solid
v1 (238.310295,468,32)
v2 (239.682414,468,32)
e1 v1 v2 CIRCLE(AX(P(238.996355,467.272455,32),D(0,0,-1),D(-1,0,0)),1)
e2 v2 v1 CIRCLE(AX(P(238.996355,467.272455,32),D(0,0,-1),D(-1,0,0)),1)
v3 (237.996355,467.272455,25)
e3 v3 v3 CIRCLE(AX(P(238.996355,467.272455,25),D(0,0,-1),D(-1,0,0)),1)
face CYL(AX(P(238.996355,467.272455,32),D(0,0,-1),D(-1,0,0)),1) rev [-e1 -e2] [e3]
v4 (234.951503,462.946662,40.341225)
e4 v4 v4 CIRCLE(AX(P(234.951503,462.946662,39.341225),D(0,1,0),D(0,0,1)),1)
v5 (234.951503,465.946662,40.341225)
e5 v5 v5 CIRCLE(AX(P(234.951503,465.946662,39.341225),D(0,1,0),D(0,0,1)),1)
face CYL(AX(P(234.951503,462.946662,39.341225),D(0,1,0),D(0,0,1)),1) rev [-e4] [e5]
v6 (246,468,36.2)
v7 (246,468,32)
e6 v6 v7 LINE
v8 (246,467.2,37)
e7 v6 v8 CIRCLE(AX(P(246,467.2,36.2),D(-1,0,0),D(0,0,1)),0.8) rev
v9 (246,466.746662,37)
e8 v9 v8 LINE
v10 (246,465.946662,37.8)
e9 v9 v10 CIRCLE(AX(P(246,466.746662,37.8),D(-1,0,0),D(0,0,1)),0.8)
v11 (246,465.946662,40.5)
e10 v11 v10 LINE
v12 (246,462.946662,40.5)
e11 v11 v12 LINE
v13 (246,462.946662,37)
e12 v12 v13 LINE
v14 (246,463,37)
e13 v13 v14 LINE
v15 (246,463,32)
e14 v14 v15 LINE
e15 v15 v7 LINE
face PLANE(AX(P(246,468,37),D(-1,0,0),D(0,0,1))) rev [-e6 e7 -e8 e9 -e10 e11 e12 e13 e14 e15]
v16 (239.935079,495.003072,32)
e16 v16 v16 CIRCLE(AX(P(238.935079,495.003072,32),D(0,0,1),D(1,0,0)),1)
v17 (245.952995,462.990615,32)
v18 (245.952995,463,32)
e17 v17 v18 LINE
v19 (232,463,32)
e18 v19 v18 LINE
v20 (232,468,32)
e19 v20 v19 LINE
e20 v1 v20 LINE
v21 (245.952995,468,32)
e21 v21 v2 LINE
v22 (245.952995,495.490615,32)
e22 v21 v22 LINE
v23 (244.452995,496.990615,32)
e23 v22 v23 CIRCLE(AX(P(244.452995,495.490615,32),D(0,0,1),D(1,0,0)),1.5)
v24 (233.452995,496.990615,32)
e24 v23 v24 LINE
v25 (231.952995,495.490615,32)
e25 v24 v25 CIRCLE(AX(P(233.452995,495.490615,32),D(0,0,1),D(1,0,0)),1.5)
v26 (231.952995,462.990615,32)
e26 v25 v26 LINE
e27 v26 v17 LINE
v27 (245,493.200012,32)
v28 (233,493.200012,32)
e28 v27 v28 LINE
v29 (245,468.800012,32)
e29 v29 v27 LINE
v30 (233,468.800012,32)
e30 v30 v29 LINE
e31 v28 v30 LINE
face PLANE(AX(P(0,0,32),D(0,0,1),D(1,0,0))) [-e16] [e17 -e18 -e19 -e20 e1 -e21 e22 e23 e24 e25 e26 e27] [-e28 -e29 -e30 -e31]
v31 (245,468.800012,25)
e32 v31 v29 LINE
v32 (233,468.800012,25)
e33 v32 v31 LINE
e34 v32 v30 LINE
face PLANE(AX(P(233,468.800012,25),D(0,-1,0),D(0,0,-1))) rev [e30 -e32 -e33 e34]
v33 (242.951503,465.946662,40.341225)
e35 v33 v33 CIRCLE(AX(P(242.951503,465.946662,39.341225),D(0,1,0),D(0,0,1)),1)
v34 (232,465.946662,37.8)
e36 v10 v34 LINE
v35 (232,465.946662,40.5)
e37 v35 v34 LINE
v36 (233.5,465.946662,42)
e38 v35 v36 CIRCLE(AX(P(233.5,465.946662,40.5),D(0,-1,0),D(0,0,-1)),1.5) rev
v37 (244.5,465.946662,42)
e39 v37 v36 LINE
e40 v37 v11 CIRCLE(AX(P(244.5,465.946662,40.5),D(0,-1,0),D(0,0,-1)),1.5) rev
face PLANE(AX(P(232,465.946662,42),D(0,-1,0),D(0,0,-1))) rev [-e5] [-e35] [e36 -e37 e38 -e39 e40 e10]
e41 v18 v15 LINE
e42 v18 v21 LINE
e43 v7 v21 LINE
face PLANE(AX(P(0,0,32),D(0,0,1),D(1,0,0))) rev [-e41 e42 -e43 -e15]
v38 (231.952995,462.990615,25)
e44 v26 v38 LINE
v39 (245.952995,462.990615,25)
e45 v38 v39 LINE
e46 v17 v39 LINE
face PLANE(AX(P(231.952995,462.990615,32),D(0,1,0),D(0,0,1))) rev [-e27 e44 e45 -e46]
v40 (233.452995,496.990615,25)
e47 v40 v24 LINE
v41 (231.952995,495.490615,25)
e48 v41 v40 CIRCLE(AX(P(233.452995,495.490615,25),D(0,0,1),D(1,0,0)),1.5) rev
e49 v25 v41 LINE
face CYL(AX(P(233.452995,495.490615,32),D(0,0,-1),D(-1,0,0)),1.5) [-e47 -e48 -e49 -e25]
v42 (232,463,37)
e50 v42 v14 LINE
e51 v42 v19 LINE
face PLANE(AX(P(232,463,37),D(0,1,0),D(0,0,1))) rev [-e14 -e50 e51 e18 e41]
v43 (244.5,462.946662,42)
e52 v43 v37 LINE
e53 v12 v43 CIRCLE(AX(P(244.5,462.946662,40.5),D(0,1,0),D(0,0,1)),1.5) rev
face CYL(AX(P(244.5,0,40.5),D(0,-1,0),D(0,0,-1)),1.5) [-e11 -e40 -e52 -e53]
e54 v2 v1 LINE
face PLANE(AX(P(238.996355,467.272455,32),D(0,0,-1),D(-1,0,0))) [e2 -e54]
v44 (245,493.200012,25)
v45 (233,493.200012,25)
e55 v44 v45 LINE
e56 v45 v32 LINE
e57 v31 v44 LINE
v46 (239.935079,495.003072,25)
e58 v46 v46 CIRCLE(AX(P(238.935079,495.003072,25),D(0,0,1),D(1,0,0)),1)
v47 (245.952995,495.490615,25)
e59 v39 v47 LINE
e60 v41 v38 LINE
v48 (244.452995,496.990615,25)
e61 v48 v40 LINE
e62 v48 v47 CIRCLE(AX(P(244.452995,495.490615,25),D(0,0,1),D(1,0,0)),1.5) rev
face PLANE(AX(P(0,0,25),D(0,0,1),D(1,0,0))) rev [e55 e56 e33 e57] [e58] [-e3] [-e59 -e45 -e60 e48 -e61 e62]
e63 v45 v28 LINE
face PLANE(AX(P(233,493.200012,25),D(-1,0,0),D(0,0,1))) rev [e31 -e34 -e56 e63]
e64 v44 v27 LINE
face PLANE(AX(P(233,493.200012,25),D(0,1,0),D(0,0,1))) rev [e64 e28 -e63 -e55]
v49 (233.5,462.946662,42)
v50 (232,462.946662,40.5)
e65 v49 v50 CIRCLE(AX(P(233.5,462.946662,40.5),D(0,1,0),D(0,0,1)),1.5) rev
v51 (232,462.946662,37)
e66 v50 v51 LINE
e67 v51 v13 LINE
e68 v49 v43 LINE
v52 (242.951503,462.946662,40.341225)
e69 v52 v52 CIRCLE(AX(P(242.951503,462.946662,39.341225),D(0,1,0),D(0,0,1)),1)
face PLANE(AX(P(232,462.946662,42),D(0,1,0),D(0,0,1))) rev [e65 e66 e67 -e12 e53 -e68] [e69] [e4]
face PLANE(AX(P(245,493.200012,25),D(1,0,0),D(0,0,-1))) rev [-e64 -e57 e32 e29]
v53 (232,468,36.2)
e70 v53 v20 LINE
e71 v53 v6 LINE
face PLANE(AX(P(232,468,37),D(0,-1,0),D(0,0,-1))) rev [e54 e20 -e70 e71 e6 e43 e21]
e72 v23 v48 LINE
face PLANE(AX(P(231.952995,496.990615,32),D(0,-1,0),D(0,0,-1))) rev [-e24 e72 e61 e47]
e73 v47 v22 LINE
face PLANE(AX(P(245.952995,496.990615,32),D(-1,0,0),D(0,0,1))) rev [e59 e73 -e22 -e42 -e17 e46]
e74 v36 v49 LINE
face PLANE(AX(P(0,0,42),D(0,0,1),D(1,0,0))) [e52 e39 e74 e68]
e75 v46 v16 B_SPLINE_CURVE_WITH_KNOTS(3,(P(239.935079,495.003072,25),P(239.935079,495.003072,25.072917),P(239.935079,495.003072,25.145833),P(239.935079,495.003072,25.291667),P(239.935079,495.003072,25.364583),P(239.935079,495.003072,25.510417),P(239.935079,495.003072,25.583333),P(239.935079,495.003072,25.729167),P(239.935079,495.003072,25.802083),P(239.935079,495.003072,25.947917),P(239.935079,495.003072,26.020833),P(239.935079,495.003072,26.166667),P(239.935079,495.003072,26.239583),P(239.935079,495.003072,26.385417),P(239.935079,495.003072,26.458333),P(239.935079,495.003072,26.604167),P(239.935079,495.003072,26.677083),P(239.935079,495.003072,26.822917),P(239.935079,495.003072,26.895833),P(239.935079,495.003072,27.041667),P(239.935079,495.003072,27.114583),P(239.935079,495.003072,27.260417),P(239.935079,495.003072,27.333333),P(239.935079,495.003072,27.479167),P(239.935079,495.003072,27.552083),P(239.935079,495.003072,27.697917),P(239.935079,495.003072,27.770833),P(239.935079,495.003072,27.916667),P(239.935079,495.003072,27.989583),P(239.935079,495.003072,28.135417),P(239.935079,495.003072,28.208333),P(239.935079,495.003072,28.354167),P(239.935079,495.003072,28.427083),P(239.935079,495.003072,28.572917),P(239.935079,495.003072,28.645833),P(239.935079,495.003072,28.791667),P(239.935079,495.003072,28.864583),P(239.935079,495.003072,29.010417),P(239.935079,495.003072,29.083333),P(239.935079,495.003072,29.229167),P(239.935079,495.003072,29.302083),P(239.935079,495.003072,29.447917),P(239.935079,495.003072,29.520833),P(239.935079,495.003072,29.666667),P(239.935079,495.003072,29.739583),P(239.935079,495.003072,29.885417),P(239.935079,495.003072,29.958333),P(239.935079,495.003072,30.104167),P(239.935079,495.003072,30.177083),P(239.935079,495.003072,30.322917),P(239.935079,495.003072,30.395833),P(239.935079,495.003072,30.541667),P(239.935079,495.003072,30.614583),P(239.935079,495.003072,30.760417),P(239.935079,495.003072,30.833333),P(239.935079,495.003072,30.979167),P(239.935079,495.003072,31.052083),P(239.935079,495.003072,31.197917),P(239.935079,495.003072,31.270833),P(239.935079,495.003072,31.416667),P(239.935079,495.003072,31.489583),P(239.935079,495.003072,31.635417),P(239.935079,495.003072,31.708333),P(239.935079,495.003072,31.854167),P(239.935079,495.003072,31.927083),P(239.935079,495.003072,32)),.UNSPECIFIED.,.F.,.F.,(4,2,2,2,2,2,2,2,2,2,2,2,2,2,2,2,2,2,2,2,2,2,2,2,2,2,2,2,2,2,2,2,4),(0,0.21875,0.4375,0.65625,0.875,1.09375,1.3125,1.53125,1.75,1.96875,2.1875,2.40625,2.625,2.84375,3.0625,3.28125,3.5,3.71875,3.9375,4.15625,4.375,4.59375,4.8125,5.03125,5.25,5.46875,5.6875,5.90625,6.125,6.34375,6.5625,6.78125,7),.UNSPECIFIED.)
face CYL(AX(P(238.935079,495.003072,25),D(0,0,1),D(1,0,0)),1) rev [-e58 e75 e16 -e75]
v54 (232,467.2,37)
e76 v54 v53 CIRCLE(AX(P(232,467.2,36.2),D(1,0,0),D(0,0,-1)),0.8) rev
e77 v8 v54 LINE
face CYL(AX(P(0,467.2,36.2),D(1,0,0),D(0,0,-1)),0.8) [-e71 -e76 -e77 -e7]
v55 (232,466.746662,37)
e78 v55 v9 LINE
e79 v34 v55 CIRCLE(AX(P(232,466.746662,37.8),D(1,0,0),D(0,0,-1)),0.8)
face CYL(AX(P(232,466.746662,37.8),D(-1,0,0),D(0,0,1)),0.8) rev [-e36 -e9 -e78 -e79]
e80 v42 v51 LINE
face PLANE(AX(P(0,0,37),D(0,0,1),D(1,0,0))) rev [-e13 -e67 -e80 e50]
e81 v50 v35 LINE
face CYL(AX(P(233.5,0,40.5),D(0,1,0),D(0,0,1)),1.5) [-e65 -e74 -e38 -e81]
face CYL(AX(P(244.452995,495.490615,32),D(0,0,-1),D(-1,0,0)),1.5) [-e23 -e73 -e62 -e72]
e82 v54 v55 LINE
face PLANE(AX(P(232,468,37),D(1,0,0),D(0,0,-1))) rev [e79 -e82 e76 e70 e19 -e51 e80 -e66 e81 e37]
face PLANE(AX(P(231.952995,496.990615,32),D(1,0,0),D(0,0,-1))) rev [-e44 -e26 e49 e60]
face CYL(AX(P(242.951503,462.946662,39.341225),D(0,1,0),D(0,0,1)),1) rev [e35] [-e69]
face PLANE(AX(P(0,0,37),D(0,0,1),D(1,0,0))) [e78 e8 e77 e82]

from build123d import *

# Parameters (mm, degrees)
SKETCH1_W           = 14
SKETCH1_H           = 34
BOSS_EXTRUDE1_DEPTH = 7
SKETCH2_R           = 1
SKETCH2_W           = 12
SKETCH2_H           = 24.4
CUT_EXTRUDE1_DEPTH  = 555.564285541
SKETCH3_W           = 14
SKETCH3_H           = 5
BOSS_EXTRUDE2_DEPTH = 5
SKETCH4_W           = 14
SKETCH4_H           = 3
BOSS_EXTRUDE3_DEPTH = 5
FILLET1_R           = 1.5
FILLET2_R           = 0.8
SKETCH5_R           = 1
CUT_EXTRUDE2_DEPTH  = 7
SKETCH6_R           = 1
CUT_EXTRUDE3_DEPTH  = 252.483055086


with BuildPart() as part:
    # Sketch1 → Boss-Extrude1 (new body)
    with BuildSketch(Plane.XY.offset(25)):
        with Locations((238.952994655, 479.990614818)):
            Rectangle(SKETCH1_W, SKETCH1_H)
    extrude(amount=BOSS_EXTRUDE1_DEPTH)

    # Sketch2 → Cut-Extrude1 (cut, through all)
    with BuildSketch(Plane.XY.offset(32)):
        with Locations((238.935079192, 495.003072258)):
            Circle(SKETCH2_R)
        with Locations((239, 481.000012207)):
            Rectangle(SKETCH2_W, SKETCH2_H)
    extrude(amount=-CUT_EXTRUDE1_DEPTH, mode=Mode.SUBTRACT)

    # Sketch3 → Boss-Extrude2 (add)
    with BuildSketch(Plane.XY.offset(32)):
        with Locations((239, 465.5)):
            Rectangle(SKETCH3_W, SKETCH3_H)
    extrude(amount=BOSS_EXTRUDE2_DEPTH)

    # Sketch4 → Boss-Extrude3 (add)
    with BuildSketch(Plane.XY.offset(37)):
        with Locations((239, 464.446662177)):
            Rectangle(SKETCH4_W, SKETCH4_H)
    extrude(amount=BOSS_EXTRUDE3_DEPTH)

    # Fillet1
    fillet1_edges = [part.edges().sort_by_distance(p)[0] for p in [
        (232, 464.446662177, 42),
        (246, 464.446662177, 42),
        (231.952994655, 496.990614818, 28.5),
        (245.952994655, 496.990614818, 28.5),
    ]]
    fillet(fillet1_edges, radius=FILLET1_R)

    # Fillet2
    fillet2_edges = [part.edges().sort_by_distance(p)[0] for p in [
        (239, 468, 37),
        (239, 465.946662177, 37),
    ]]
    fillet(fillet2_edges, radius=FILLET2_R)

    # Sketch5 → Cut-Extrude2 (cut)
    with BuildSketch(Plane(origin=(0, 0, 25), x_dir=(-1, 0, 0), z_dir=(0, 0, -1))):
        with Locations((-238.99635452, 467.272454622)):
            Circle(SKETCH5_R)
    extrude(amount=-CUT_EXTRUDE2_DEPTH, mode=Mode.SUBTRACT)

    # Sketch6 → Cut-Extrude3 (cut, through all)
    with BuildSketch(Plane(origin=(0, 465.946662177, 0), x_dir=(1, 0, 0), z_dir=(0, 1, 0))):
        with Locations(Location((234.951502539, -39.341225233, 0), (0, 0, 270))):
            Circle(SKETCH6_R)
        with Locations(Location((242.951502539, -39.341225233, 0), (0, 0, 270))):
            Circle(SKETCH6_R)
    extrude(amount=-CUT_EXTRUDE3_DEPTH, mode=Mode.SUBTRACT)


solid = part.part
